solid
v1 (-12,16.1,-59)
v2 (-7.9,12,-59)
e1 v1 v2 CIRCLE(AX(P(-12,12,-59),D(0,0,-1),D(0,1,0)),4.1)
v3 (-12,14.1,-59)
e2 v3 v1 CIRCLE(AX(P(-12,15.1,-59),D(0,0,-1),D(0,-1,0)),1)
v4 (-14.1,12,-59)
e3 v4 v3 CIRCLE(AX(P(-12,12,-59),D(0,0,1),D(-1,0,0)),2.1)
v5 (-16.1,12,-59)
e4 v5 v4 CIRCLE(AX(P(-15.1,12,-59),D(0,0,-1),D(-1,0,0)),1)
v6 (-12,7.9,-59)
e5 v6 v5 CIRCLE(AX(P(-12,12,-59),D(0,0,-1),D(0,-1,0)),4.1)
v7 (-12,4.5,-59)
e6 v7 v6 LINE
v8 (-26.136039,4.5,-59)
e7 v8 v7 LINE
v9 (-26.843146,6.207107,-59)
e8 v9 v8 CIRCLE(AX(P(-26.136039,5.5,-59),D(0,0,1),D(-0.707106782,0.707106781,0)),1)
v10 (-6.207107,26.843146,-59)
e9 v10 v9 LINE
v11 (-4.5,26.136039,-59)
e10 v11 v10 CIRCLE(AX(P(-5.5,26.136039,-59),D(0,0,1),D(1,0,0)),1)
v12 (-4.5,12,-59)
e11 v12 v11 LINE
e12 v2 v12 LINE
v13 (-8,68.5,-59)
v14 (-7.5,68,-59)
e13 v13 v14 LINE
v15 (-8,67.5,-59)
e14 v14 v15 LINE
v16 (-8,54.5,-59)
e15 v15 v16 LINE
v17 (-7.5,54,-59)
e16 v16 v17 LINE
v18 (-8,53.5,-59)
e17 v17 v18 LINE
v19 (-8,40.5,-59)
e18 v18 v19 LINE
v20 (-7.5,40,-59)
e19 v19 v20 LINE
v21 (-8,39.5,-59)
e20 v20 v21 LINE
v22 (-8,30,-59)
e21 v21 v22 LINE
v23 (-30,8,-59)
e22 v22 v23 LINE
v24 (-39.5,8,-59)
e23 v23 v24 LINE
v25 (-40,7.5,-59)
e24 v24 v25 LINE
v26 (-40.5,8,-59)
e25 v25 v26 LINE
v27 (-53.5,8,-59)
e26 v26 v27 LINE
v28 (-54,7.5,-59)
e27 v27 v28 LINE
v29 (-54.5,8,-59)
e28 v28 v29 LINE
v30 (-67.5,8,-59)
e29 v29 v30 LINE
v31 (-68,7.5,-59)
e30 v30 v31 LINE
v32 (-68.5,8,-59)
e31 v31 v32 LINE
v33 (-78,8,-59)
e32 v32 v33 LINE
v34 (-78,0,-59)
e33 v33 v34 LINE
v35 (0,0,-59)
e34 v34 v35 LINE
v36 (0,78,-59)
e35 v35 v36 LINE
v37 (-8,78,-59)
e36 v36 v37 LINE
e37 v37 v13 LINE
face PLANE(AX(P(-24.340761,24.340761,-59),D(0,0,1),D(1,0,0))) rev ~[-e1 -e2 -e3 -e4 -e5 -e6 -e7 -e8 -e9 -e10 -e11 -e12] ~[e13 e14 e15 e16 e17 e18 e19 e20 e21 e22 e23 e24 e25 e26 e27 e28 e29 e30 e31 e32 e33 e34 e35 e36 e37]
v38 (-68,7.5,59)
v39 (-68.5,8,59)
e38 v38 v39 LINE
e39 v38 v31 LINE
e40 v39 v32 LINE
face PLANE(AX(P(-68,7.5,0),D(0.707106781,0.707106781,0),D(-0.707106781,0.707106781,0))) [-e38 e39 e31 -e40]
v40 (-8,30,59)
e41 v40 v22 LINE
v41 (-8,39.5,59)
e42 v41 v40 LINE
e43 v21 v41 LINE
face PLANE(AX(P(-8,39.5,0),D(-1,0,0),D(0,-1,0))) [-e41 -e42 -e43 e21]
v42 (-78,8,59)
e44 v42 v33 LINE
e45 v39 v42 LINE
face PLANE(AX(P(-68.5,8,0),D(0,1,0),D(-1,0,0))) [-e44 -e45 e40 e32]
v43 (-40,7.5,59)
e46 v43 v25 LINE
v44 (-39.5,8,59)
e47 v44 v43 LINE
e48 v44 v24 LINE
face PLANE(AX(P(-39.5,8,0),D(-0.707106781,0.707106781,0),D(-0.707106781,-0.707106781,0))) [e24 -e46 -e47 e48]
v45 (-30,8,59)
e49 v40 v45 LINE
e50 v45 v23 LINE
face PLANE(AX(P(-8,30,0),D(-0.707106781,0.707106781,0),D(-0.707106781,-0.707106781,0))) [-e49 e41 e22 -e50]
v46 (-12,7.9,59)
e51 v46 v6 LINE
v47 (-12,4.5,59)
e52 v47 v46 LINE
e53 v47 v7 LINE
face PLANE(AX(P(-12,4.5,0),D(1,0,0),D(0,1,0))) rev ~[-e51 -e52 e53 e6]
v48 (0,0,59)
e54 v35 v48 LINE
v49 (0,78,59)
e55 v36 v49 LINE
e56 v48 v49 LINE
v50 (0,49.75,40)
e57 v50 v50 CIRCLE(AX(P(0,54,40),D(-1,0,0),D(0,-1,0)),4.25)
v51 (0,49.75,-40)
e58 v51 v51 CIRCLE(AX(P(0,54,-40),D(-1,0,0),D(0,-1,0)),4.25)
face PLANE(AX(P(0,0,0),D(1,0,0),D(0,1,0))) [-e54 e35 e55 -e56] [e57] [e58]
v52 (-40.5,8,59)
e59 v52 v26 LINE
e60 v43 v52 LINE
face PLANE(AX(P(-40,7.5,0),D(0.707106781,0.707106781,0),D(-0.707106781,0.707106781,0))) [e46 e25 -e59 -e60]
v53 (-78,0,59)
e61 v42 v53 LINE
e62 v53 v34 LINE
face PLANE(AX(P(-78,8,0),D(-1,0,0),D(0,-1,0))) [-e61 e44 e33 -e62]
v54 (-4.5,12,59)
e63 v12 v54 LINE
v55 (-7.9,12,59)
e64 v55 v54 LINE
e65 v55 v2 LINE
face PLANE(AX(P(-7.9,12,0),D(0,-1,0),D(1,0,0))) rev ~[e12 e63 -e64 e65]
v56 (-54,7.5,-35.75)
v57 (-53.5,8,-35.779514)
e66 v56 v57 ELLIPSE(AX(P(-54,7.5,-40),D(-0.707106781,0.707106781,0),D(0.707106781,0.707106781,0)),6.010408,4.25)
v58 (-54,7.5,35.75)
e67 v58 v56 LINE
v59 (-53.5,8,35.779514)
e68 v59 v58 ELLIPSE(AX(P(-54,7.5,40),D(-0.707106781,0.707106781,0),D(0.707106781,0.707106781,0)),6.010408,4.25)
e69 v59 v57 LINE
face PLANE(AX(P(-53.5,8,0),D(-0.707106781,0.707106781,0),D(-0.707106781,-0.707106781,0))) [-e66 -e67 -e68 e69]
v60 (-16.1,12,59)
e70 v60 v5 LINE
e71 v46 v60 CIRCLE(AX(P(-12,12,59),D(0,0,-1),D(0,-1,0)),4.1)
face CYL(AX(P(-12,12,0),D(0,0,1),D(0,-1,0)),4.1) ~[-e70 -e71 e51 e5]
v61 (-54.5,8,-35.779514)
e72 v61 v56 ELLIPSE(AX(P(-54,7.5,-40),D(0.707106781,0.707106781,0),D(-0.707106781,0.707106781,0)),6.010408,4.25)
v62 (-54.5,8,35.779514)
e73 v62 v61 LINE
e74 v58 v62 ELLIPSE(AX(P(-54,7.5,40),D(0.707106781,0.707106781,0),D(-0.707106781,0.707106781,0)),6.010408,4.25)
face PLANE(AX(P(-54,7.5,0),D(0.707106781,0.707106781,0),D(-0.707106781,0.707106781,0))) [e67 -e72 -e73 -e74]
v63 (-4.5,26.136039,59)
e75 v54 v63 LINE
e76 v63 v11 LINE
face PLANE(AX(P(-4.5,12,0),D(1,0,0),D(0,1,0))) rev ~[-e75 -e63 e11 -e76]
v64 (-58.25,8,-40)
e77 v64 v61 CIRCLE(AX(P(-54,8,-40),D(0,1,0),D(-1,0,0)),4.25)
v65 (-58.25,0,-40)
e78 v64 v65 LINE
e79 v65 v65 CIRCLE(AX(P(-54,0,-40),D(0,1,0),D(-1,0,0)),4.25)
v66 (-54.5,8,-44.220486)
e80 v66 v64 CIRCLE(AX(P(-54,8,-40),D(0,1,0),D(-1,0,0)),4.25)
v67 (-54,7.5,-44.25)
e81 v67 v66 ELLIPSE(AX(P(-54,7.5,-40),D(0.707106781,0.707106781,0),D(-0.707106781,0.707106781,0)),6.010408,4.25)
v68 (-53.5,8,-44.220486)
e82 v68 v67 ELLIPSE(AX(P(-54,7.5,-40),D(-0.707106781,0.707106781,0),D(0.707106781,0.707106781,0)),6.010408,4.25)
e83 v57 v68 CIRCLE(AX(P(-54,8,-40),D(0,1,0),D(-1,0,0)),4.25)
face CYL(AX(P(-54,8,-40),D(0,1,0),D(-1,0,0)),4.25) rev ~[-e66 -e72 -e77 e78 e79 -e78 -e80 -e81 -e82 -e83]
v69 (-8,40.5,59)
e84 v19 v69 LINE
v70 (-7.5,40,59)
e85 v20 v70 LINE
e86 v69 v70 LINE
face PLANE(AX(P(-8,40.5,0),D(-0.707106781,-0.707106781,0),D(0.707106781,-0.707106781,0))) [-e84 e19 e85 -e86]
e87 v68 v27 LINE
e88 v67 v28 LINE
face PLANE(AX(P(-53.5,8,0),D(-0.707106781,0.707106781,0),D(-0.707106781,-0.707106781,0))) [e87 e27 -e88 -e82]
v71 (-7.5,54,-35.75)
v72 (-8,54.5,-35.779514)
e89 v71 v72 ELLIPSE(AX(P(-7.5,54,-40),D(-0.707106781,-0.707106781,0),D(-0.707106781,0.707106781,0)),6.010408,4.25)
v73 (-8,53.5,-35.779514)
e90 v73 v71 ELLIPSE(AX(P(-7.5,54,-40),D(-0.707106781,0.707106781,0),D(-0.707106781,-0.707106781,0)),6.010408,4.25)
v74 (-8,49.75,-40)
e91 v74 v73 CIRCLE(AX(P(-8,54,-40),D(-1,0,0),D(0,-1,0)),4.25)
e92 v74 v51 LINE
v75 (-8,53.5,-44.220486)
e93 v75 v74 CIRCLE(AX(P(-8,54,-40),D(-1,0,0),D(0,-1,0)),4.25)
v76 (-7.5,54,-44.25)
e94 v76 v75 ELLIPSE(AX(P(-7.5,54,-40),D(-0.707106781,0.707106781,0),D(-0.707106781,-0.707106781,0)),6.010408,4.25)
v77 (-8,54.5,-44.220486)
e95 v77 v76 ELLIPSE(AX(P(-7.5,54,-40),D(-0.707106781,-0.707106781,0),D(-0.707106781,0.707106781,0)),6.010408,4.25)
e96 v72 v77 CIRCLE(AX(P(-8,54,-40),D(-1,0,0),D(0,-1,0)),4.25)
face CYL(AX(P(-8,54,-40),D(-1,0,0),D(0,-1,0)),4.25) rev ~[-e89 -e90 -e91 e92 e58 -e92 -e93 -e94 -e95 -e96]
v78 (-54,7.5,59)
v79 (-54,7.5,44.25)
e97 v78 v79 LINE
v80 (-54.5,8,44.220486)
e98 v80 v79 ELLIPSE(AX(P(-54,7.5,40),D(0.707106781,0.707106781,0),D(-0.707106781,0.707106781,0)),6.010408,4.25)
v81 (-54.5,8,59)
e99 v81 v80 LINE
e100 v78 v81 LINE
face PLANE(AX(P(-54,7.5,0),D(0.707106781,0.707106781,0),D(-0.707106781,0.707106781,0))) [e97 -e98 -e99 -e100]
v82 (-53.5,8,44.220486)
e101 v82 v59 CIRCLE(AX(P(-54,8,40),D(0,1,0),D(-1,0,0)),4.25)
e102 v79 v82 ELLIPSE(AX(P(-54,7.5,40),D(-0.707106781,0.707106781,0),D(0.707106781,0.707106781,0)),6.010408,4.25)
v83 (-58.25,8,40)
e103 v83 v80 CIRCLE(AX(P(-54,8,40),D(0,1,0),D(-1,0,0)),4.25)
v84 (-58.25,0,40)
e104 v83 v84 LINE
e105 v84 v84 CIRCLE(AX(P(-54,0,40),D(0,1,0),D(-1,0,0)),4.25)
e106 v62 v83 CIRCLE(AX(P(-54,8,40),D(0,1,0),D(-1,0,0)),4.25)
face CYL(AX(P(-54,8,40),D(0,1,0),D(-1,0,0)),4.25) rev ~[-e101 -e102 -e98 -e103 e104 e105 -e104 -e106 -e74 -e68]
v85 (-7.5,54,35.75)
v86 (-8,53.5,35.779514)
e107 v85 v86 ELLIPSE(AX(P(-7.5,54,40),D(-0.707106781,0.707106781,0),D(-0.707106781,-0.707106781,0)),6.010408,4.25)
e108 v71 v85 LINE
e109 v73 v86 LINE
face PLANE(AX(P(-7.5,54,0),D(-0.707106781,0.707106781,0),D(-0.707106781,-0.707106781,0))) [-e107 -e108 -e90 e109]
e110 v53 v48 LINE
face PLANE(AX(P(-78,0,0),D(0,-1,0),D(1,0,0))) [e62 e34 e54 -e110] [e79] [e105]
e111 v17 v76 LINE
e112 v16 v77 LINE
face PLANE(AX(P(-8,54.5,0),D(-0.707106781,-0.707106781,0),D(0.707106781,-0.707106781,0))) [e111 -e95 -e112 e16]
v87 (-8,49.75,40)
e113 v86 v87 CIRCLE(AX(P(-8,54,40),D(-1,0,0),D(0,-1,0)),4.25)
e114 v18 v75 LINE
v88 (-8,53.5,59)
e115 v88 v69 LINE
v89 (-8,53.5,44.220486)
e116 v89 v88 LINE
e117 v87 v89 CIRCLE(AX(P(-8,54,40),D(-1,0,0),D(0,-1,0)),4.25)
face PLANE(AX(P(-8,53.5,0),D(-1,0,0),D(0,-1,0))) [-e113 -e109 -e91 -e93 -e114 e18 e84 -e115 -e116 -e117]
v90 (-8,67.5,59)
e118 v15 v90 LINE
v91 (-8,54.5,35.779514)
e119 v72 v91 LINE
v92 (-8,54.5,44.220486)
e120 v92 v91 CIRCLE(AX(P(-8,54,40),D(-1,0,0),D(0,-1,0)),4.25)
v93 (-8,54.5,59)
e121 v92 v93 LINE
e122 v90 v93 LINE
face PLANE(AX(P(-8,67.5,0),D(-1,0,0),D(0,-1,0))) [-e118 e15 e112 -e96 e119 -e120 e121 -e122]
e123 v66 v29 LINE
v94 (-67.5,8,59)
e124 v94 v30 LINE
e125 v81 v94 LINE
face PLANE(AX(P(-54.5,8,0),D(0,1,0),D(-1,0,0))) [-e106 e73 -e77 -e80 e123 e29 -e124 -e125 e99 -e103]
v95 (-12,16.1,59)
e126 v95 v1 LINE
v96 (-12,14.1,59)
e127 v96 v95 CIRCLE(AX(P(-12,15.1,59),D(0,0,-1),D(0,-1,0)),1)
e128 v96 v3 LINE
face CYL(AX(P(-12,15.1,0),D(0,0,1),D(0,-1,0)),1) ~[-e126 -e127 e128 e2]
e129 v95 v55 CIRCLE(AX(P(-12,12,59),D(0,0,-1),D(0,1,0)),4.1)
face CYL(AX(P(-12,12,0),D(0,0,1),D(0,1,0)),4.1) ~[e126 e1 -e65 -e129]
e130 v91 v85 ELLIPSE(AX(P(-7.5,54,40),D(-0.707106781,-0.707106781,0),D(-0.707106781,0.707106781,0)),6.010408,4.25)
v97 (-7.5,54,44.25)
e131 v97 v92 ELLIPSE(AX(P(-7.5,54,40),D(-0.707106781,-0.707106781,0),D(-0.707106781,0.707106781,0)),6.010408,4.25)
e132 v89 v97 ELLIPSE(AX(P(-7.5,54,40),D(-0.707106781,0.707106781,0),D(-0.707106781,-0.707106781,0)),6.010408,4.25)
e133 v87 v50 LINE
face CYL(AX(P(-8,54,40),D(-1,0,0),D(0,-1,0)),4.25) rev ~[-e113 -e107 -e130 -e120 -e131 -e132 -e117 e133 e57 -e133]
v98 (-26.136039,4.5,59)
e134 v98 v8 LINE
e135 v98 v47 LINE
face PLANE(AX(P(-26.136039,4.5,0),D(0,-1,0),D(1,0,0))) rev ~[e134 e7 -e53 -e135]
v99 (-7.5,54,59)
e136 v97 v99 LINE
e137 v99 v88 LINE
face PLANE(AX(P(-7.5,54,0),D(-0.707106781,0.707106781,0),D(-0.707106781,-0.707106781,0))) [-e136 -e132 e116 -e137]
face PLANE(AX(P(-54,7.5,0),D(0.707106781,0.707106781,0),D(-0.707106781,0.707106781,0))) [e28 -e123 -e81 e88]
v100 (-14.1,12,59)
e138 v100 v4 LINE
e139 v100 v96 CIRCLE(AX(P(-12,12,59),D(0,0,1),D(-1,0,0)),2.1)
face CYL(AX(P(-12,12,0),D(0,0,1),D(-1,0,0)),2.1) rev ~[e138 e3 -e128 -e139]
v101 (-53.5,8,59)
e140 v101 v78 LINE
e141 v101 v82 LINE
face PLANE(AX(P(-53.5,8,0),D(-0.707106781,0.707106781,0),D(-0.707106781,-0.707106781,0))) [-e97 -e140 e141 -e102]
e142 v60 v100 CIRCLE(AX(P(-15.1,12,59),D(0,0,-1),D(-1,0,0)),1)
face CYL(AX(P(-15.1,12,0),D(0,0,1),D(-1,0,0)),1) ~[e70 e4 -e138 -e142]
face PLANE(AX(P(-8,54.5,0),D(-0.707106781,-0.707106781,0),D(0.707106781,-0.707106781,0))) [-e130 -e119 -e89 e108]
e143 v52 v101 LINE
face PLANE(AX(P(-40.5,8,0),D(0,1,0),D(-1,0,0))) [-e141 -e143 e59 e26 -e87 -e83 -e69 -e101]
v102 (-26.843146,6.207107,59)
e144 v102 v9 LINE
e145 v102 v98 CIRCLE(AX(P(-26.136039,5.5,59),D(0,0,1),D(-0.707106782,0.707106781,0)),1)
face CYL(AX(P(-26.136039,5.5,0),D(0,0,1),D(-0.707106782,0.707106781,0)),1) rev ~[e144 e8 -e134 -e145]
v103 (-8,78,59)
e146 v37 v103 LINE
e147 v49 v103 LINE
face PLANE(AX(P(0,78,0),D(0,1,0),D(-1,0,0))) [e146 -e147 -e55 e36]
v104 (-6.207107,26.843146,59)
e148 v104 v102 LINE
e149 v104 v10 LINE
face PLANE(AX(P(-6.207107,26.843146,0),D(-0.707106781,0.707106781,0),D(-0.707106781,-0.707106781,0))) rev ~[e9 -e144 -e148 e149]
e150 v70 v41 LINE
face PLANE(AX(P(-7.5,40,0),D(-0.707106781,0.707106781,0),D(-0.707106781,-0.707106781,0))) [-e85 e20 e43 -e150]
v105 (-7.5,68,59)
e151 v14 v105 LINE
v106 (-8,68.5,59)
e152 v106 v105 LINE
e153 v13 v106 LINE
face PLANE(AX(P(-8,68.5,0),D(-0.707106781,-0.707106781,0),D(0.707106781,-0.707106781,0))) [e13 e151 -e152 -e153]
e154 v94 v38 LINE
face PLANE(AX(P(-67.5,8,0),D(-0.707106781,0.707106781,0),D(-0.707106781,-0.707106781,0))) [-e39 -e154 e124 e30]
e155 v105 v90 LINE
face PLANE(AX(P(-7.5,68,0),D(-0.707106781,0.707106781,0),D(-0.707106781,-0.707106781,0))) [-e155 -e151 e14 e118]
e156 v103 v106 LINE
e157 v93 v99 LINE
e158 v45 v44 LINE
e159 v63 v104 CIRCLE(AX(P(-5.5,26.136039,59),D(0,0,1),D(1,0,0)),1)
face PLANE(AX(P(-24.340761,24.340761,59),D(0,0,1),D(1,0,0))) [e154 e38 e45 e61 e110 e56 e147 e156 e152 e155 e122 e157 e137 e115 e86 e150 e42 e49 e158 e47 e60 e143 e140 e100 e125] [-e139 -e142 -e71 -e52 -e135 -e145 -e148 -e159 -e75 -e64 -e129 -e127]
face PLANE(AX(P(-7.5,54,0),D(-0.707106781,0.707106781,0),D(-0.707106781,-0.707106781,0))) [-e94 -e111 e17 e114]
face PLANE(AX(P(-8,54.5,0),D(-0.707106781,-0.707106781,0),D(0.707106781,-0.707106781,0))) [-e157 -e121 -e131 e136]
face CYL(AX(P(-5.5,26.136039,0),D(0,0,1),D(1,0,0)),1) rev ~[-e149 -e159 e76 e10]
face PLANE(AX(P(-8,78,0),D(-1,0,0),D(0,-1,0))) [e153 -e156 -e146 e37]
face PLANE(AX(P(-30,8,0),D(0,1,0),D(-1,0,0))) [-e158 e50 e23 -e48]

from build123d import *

# Parameters (mm, degrees)
EXTRUDE_1_DEPTH     = 59
SKETCH_2_R          = 4.25
CUT_EXTRUDE_1_DEPTH = 9
SKETCH_3_R          = 4.25
CUT_EXTRUDE_2_DEPTH = 9


with BuildPart() as part:
    # Эскиз1 → Бобышка-Вытянуть1 (new body, symmetric)
    with BuildSketch(Plane.XY):
        Polygon((-78, 0), (0, 0), (0, 78), (-8, 78), (-8, 68.5), (-7.5, 68), (-8, 67.5), (-8, 54.5), (-7.5, 54), (-8, 53.5), (-8, 40.5), (-7.5, 40), (-8, 39.5), (-8, 30), (-30, 8), (-39.5, 8), (-40, 7.5), (-40.5, 8), (-53.5, 8), (-54, 7.5), (-54.5, 8), (-67.5, 8), (-68, 7.5), (-68.5, 8), (-78, 8), align=None)
        with BuildLine():
            Line((-4.5, 12), (-4.5, 26.136038969))
            ThreePointArc((-4.5, 26.136038969), (-5.117316568, 27.059918502), (-6.207106781, 26.843145751))
            Line((-6.207106781, 26.843145751), (-26.843145751, 6.207106781))
            ThreePointArc((-26.843145751, 6.207106781), (-27.059918502, 5.117316568), (-26.136038969, 4.5))
            Line((-26.136038969, 4.5), (-12, 4.5))
            Line((-12, 4.5), (-12, 7.9))
            ThreePointArc((-12, 7.9), (-14.899137803, 9.100862197), (-16.1, 12))
            ThreePointArc((-16.1, 12), (-15.1, 13), (-14.1, 12))
            ThreePointArc((-14.1, 12), (-10.51507576, 10.51507576), (-12, 14.1))
            ThreePointArc((-12, 14.1), (-13, 15.1), (-12, 16.1))
            ThreePointArc((-12, 16.1), (-9.100862197, 14.899137803), (-7.9, 12))
            Line((-7.9, 12), (-4.5, 12))
        make_face(mode=Mode.SUBTRACT)
    extrude(amount=EXTRUDE_1_DEPTH, both=True)

    # Эскиз2 → Вырез-Вытянуть1 (cut, through all)
    with BuildSketch(Plane.ZY.offset(8)):
        with Locations(Location((-40, 54, 0), (0, 0, 270))):  # turned: the seam where the file's is
            Circle(SKETCH_2_R)
        with Locations(Location((40, 54, 0), (0, 0, 270))):  # turned: the seam where the file's is
            Circle(SKETCH_2_R)
    extrude(amount=-CUT_EXTRUDE_1_DEPTH, mode=Mode.SUBTRACT)

    # Эскиз3 → Вырез-Вытянуть2 (cut, through all)
    with BuildSketch(Plane(origin=(0, 8, 0), x_dir=(1, 0, 0), z_dir=(0, 1, 0))):
        with Locations(Location((-54, -40, 0), (0, 0, 180))):  # turned: the seam where the file's is
            Circle(SKETCH_3_R)
        with Locations(Location((-54, 40, 0), (0, 0, 180))):  # turned: the seam where the file's is
            Circle(SKETCH_3_R)
    extrude(amount=-CUT_EXTRUDE_2_DEPTH, mode=Mode.SUBTRACT)


solid = part.part
